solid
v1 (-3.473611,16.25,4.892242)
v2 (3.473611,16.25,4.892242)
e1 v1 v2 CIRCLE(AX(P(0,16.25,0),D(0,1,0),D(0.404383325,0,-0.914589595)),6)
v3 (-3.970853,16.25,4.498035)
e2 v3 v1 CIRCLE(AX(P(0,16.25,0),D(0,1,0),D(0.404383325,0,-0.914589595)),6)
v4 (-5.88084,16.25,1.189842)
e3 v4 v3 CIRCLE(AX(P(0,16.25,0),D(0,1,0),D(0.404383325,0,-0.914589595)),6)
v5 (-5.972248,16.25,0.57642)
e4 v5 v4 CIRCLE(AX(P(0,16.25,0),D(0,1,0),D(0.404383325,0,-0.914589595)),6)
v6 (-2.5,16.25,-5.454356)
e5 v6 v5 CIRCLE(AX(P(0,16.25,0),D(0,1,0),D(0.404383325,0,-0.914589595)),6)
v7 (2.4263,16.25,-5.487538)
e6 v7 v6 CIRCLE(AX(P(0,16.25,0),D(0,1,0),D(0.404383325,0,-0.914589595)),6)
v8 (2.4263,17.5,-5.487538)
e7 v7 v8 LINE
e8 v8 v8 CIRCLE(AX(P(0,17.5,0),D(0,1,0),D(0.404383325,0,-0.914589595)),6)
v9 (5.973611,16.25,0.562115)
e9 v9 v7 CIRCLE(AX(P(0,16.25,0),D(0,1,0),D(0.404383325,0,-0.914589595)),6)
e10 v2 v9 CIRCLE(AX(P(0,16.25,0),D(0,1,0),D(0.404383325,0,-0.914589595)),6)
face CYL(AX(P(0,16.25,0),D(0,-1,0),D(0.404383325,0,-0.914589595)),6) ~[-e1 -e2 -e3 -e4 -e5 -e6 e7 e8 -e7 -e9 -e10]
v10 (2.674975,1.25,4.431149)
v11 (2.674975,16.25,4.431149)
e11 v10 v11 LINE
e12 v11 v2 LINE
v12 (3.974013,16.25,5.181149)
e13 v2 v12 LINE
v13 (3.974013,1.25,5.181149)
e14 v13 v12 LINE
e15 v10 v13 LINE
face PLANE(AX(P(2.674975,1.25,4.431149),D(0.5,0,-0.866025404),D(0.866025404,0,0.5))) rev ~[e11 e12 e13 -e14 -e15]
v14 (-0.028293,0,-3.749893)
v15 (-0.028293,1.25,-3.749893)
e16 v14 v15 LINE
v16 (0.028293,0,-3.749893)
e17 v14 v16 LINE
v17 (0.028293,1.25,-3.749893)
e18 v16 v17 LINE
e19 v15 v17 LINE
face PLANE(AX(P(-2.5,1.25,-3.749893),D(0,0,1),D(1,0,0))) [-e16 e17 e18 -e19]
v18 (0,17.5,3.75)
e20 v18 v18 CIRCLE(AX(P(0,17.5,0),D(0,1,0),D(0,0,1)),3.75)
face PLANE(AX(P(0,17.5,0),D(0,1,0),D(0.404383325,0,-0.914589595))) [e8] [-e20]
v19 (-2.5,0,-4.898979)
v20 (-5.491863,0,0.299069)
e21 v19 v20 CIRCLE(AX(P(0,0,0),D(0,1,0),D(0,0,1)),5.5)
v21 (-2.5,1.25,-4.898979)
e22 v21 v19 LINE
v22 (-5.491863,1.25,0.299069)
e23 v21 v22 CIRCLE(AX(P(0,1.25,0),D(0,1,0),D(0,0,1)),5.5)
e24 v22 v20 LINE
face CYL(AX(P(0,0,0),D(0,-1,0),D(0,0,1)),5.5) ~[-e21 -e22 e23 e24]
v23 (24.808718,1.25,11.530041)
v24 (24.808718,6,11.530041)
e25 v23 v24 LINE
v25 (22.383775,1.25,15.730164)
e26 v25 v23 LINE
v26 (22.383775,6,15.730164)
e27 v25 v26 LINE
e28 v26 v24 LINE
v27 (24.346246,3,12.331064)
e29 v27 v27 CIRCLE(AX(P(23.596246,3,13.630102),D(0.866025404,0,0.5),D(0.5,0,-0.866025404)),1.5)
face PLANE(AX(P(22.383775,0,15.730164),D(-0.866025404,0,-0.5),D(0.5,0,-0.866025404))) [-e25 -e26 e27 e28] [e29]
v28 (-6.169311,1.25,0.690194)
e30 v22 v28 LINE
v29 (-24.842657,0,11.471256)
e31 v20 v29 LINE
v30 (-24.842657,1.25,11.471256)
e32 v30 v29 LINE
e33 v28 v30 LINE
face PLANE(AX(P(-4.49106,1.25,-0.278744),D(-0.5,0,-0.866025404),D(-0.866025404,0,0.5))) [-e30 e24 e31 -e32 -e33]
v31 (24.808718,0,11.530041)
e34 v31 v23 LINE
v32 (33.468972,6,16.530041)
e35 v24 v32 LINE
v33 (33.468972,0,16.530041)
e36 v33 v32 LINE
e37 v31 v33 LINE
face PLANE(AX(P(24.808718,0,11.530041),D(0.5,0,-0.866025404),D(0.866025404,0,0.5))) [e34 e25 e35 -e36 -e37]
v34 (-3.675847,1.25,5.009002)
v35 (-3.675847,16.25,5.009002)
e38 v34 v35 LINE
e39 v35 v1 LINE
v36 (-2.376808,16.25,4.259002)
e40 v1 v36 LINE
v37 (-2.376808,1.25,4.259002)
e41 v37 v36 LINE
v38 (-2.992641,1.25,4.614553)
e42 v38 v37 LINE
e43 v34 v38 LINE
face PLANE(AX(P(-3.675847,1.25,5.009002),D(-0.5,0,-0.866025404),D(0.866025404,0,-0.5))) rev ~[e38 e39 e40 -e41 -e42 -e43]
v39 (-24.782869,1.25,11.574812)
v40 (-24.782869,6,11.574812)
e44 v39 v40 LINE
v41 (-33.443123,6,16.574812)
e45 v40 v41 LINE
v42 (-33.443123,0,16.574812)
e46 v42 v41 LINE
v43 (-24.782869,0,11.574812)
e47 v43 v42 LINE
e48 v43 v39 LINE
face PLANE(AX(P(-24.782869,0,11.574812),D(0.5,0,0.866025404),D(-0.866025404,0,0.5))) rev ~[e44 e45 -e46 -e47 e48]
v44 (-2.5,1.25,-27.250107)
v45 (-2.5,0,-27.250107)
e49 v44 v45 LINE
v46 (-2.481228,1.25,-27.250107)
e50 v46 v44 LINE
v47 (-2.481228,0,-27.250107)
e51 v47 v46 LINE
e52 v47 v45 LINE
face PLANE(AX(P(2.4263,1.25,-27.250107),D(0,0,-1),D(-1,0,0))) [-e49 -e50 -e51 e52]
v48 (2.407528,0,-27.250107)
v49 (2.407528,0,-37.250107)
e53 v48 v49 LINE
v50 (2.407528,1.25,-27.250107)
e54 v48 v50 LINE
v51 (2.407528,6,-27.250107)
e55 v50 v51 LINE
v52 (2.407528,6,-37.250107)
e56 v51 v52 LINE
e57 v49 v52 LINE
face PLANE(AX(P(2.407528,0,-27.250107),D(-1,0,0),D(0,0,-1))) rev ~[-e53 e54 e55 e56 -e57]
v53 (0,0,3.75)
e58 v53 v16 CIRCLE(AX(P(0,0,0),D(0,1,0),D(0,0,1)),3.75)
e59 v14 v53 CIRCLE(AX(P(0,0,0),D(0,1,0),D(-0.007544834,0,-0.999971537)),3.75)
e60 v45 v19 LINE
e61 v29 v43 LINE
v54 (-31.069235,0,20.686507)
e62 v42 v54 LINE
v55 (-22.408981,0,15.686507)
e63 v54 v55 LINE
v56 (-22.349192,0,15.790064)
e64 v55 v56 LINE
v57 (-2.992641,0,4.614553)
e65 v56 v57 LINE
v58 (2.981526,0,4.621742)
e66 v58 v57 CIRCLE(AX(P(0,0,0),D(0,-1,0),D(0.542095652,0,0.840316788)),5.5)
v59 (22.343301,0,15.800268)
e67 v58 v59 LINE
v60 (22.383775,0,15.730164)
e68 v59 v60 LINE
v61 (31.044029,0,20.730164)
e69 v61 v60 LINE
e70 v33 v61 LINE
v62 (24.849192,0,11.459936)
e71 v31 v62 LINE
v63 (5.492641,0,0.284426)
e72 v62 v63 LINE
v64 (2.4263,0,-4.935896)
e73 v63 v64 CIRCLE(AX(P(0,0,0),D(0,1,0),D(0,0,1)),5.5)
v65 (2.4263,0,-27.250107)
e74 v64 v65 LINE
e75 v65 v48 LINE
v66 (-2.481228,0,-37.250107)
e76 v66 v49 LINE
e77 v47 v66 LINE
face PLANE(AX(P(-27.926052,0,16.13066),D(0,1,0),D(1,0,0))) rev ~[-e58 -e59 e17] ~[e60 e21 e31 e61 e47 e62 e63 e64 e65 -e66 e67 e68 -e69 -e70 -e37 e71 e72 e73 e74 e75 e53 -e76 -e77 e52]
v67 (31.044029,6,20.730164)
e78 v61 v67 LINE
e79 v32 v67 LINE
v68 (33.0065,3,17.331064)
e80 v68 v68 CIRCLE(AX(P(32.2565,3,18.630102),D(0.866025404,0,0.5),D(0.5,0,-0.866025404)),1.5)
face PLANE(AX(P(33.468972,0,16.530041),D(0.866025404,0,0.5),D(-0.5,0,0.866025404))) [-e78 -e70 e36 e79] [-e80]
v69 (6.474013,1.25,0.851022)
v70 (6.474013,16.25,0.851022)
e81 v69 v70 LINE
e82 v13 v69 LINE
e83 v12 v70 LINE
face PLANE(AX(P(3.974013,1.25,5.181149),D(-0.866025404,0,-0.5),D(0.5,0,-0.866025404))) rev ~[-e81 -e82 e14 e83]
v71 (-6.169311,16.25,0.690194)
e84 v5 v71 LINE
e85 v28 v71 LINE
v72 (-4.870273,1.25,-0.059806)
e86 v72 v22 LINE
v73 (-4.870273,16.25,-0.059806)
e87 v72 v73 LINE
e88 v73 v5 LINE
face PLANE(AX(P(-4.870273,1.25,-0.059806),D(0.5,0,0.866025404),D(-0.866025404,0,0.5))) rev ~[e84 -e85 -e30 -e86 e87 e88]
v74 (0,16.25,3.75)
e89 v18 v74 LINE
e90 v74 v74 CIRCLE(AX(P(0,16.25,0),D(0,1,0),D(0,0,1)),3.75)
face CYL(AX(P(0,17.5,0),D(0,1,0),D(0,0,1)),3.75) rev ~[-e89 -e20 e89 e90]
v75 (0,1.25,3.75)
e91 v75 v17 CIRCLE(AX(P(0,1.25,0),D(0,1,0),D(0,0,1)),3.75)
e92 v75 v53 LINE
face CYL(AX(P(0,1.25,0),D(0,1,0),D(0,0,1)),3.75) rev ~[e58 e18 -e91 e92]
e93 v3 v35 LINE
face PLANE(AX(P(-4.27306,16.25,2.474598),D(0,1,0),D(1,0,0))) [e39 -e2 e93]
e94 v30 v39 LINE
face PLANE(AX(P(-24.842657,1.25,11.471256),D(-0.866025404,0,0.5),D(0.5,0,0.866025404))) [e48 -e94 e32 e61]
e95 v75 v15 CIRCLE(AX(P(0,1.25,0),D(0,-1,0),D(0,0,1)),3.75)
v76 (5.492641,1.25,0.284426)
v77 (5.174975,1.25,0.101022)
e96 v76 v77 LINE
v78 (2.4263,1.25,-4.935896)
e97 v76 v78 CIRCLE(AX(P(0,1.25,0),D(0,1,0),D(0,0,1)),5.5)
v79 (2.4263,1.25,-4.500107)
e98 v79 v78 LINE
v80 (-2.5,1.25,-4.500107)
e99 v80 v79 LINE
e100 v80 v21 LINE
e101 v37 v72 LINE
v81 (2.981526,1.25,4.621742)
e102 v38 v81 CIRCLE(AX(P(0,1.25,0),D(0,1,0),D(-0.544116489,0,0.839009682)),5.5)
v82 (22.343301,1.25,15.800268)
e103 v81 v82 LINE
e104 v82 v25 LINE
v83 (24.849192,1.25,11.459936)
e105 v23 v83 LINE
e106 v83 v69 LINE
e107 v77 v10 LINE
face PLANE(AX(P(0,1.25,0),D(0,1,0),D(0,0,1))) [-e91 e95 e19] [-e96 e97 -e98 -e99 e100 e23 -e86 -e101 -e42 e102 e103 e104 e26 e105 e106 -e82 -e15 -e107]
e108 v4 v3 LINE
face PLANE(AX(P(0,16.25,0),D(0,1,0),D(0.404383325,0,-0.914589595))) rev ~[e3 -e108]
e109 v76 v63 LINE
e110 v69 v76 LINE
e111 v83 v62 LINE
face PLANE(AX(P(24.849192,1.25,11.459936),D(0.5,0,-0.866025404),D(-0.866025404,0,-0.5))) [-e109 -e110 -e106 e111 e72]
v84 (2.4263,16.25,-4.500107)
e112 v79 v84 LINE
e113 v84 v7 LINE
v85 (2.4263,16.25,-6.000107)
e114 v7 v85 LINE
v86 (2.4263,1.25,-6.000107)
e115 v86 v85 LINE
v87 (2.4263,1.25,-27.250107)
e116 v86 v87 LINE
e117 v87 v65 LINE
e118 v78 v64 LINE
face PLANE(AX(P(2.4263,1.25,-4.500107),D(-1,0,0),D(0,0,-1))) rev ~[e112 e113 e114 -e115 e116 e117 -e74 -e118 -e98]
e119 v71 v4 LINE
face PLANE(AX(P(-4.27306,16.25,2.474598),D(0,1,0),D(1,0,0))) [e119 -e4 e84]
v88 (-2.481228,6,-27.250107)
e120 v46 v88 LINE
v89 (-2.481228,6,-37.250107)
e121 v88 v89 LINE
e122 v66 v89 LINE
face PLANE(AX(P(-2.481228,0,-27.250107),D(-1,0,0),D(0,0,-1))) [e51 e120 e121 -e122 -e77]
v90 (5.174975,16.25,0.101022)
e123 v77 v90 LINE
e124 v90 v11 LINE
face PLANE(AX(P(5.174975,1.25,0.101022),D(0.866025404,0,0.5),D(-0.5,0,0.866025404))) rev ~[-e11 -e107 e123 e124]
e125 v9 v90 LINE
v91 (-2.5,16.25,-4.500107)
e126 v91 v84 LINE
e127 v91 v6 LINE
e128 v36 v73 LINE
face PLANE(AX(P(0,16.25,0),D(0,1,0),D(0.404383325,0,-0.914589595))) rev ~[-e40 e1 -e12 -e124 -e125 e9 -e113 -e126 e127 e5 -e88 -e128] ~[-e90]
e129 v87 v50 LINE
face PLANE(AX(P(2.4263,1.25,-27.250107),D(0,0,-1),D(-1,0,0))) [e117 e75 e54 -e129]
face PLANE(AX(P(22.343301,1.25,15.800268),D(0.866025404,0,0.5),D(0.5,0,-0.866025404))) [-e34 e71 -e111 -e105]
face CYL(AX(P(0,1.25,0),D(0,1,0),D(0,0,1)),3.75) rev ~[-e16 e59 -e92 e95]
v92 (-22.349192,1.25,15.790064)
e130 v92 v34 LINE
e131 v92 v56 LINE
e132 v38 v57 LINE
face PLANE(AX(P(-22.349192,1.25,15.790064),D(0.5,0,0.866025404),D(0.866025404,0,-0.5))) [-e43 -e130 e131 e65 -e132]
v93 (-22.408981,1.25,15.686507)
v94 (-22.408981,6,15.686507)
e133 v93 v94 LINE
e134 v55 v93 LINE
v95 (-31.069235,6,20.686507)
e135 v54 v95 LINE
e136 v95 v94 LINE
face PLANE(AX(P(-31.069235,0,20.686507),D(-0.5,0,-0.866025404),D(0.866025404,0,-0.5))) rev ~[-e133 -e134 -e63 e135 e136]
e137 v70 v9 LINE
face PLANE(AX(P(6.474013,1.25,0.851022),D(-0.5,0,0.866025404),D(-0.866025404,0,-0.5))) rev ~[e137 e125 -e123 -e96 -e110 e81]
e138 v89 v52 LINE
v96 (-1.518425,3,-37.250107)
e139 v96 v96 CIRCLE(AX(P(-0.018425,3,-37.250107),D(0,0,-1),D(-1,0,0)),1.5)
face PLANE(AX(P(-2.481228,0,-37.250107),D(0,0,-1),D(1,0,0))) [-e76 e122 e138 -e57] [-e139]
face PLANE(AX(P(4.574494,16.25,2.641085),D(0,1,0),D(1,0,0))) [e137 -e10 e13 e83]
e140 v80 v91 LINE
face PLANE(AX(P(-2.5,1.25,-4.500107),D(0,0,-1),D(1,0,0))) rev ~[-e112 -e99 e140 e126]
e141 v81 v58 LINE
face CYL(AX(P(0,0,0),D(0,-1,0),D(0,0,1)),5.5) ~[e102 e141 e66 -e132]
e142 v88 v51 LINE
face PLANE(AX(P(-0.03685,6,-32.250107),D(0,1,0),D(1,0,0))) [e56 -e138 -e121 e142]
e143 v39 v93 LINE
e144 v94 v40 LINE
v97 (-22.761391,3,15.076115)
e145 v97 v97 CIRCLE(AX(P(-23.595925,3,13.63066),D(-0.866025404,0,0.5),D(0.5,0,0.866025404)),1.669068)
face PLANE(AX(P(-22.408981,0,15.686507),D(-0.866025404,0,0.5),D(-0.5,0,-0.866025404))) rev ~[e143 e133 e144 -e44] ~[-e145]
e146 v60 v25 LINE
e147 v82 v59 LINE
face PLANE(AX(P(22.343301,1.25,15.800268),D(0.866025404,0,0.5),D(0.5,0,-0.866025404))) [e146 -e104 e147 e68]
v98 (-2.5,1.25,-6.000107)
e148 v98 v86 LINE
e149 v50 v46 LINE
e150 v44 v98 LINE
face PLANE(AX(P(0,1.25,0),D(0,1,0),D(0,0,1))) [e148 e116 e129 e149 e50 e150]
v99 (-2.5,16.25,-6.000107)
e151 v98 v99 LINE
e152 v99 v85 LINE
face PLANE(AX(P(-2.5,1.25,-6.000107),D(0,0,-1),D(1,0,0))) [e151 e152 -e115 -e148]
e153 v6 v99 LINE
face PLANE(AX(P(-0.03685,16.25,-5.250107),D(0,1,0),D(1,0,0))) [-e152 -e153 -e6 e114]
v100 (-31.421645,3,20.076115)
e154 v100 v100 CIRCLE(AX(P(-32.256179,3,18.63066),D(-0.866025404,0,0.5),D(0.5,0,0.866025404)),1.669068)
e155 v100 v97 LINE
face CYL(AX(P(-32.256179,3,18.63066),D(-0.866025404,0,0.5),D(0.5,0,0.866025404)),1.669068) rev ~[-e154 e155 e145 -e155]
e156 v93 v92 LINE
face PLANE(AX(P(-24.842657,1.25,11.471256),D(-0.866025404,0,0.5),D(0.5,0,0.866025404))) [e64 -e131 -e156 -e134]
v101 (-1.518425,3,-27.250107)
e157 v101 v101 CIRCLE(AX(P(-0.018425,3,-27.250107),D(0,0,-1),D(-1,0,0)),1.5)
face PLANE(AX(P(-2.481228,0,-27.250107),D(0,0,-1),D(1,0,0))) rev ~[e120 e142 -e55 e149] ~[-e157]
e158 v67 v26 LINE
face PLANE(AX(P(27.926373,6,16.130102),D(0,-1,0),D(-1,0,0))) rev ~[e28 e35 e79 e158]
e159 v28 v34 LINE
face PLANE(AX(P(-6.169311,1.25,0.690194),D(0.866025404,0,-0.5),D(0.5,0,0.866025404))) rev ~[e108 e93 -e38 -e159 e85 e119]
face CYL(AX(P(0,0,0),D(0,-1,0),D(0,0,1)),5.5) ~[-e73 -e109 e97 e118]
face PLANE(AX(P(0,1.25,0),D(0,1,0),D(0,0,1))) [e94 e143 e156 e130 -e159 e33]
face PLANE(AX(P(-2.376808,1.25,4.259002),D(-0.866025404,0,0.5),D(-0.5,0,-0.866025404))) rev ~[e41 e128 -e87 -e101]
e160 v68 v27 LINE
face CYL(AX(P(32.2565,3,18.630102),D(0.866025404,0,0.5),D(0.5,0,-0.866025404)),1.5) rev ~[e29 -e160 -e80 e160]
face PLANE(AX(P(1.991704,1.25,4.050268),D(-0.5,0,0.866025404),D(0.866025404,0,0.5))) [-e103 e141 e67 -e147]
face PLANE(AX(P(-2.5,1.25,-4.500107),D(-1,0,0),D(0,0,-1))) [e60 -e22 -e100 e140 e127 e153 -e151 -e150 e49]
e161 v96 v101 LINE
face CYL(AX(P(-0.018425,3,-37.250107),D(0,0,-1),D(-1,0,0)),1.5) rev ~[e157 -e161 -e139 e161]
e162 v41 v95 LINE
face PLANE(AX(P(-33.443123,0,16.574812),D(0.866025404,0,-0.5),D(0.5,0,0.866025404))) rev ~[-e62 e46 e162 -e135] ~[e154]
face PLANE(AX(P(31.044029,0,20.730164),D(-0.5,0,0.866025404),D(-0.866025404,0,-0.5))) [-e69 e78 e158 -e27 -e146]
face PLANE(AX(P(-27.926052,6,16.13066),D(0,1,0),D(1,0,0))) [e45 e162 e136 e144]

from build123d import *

# Parameters (mm, degrees)
SKETCH1_R                = 5.5
BOSS_EXTRUDE1_DEPTH      = 1.25
SKETCH2_R                = 3.75
CUT_EXTRUDE1_DEPTH       = 1.25
BOSS_EXTRUDE6_DEPTH      = 1.25
SKETCH6_W                = 4.926299948
SKETCH6_H                = 1.5
BOSS_EXTRUDE7_DEPTH      = 15
SKETCH8_R                = 6
BOSS_EXTRUDE8_DEPTH      = 1.25
SKETCH9_R                = 3.75
CUT_EXTRUDE3_DEPTH       = 1.25
BOSS_EXTRUDE9_DEPTH      = 4.75
BOSS_EXTRUDE9_DEPTH_BACK = 1.25
SKETCH10_W               = 4.888756282
SKETCH10_H               = 10
SKETCH11_R               = 1.669068308
CUT_EXTRUDE4_DEPTH       = 10
SKETCH12_R               = 1.5
CUT_EXTRUDE5_DEPTH       = 10
SKETCH13_R               = 1.5
CUT_EXTRUDE6_DEPTH       = 10


with BuildPart() as part:
    # Sketch1 → Boss-Extrude1 (new body)
    with BuildSketch(Plane(origin=(0, 0, 0), x_dir=(1, 0, 0), z_dir=(0, 1, 0))):
        with Locations(Location((0, 0, 0), (0, 0, 270))):
            Circle(SKETCH1_R)
    extrude(amount=BOSS_EXTRUDE1_DEPTH)

    # Sketch2 → Cut-Extrude1 (cut)
    with BuildSketch(Plane(origin=(0, 1.25, 0), x_dir=(1, 0, 0), z_dir=(0, 1, 0))):
        with Locations(Location((0, 0, 0), (0, 0, 270))):
            Circle(SKETCH2_R)
    extrude(amount=-CUT_EXTRUDE1_DEPTH, mode=Mode.SUBTRACT)

    # Sketch3 → Boss-Extrude6 (add)
    with BuildSketch(Plane(origin=(0, 1.25, 0), x_dir=(1, 0, 0), z_dir=(0, 1, 0))):
        Polygon((-2.5, 3.749893265), (0, 3.749893265), (2.426299948, 3.749893265), (2.426299948, 27.250106735), (-2.5, 27.250106735), align=None)
        Polygon((-1.997595264, -4.040063509), (-3.247595264, -1.875), (-4.49106014, 0.278744342), (-24.842657128, -11.471255658), (-22.349192253, -15.790063509), align=None)
        Polygon((4.497595264, 0.290063509), (3.247595264, -1.875), (1.99170365, -4.050268084), (22.343300639, -15.800268084), (24.849192253, -11.459936491), align=None)
    extrude(amount=-BOSS_EXTRUDE6_DEPTH)

    # Sketch6 → Boss-Extrude7 (add)
    with BuildSketch(Plane(origin=(0, 1.25, 0), x_dir=(1, 0, 0), z_dir=(0, 1, 0))):
        with Locations((-0.036850026, 5.250106735)):
            Rectangle(SKETCH6_W, SKETCH6_H)
        Polygon((-6.169311431, -0.690194493), (-3.675846556, -5.009002344), (-2.37680845, -4.259002344), (-4.870273325, 0.059805507), align=None)
        Polygon((3.974013034, -5.181148841), (6.474013034, -0.851021822), (5.174974928, -0.101021822), (2.674974928, -4.431148841), align=None)
    extrude(amount=BOSS_EXTRUDE7_DEPTH)

    # Sketch8 → Boss-Extrude8 (add)
    with BuildSketch(Plane(origin=(0, 16.25, 0), x_dir=(1, 0, 0), z_dir=(0, 1, 0))):
        with Locations(Location((0, 0, 0), (0, 0, 66.147511133))):
            Circle(SKETCH8_R)
    extrude(amount=BOSS_EXTRUDE8_DEPTH)

    # Sketch9 → Cut-Extrude3 (cut)
    with BuildSketch(Plane(origin=(0, 17.5, 0), x_dir=(1, 0, 0), z_dir=(0, 1, 0))):
        with Locations(Location((0, 0, 0), (0, 0, 270))):
            Circle(SKETCH9_R)
    extrude(amount=-CUT_EXTRUDE3_DEPTH, mode=Mode.SUBTRACT)

    # Sketch10 → Boss-Extrude9 (add, two sides: drawn at the far end of the back side and taken through both)
    with BuildSketch(Plane(origin=(0, 1.25, 0), x_dir=(1, 0, 0), z_dir=(0, 1, 0)).offset(-BOSS_EXTRUDE9_DEPTH_BACK)):
        Polygon((-31.069234844, -20.686506698), (-22.408980806, -15.686506698), (-24.782868576, -11.57481247), (-33.443122613, -16.57481247), align=None)
        with Locations((-0.036850026, 32.250106735)):
            Rectangle(SKETCH10_W, SKETCH10_H)
        Polygon((31.044029351, -20.730163892), (22.383775314, -15.730163892), (24.808717579, -11.530040683), (33.468971617, -16.530040683), align=None)
    extrude(amount=BOSS_EXTRUDE9_DEPTH + BOSS_EXTRUDE9_DEPTH_BACK)

    # Sketch11 → Cut-Extrude4 (cut)
    with BuildSketch(Plane(origin=(-32.259446291, 0, 18.625), x_dir=(0.5000000000000004, 0, 0.8660254037844385), z_dir=(-0.8660254037844384, 0, 0.5000000000000003))):
        with Locations((0.006535125, 3)):
            Circle(SKETCH11_R)
    extrude(amount=-CUT_EXTRUDE4_DEPTH, mode=Mode.SUBTRACT)

    # Sketch12 → Cut-Extrude5 (cut)
    with BuildSketch(Plane(origin=(0, 0, -37.250106735), x_dir=(-1, 0, 0), z_dir=(0, 0, -1))):
        with Locations((0.018425013, 3)):
            Circle(SKETCH12_R)
    extrude(amount=-CUT_EXTRUDE5_DEPTH, mode=Mode.SUBTRACT)

    # Sketch13 → Cut-Extrude6 (cut)
    with BuildSketch(Plane(origin=(32.259446291, 0, 18.625), x_dir=(0.4999999999999998, 0, -0.8660254037844388), z_dir=(0.8660254037844388, 0, 0.4999999999999998))):
        with Locations((-0.005891614, 3)):
            Circle(SKETCH13_R)
    extrude(amount=-CUT_EXTRUDE6_DEPTH, mode=Mode.SUBTRACT)


solid = part.part
